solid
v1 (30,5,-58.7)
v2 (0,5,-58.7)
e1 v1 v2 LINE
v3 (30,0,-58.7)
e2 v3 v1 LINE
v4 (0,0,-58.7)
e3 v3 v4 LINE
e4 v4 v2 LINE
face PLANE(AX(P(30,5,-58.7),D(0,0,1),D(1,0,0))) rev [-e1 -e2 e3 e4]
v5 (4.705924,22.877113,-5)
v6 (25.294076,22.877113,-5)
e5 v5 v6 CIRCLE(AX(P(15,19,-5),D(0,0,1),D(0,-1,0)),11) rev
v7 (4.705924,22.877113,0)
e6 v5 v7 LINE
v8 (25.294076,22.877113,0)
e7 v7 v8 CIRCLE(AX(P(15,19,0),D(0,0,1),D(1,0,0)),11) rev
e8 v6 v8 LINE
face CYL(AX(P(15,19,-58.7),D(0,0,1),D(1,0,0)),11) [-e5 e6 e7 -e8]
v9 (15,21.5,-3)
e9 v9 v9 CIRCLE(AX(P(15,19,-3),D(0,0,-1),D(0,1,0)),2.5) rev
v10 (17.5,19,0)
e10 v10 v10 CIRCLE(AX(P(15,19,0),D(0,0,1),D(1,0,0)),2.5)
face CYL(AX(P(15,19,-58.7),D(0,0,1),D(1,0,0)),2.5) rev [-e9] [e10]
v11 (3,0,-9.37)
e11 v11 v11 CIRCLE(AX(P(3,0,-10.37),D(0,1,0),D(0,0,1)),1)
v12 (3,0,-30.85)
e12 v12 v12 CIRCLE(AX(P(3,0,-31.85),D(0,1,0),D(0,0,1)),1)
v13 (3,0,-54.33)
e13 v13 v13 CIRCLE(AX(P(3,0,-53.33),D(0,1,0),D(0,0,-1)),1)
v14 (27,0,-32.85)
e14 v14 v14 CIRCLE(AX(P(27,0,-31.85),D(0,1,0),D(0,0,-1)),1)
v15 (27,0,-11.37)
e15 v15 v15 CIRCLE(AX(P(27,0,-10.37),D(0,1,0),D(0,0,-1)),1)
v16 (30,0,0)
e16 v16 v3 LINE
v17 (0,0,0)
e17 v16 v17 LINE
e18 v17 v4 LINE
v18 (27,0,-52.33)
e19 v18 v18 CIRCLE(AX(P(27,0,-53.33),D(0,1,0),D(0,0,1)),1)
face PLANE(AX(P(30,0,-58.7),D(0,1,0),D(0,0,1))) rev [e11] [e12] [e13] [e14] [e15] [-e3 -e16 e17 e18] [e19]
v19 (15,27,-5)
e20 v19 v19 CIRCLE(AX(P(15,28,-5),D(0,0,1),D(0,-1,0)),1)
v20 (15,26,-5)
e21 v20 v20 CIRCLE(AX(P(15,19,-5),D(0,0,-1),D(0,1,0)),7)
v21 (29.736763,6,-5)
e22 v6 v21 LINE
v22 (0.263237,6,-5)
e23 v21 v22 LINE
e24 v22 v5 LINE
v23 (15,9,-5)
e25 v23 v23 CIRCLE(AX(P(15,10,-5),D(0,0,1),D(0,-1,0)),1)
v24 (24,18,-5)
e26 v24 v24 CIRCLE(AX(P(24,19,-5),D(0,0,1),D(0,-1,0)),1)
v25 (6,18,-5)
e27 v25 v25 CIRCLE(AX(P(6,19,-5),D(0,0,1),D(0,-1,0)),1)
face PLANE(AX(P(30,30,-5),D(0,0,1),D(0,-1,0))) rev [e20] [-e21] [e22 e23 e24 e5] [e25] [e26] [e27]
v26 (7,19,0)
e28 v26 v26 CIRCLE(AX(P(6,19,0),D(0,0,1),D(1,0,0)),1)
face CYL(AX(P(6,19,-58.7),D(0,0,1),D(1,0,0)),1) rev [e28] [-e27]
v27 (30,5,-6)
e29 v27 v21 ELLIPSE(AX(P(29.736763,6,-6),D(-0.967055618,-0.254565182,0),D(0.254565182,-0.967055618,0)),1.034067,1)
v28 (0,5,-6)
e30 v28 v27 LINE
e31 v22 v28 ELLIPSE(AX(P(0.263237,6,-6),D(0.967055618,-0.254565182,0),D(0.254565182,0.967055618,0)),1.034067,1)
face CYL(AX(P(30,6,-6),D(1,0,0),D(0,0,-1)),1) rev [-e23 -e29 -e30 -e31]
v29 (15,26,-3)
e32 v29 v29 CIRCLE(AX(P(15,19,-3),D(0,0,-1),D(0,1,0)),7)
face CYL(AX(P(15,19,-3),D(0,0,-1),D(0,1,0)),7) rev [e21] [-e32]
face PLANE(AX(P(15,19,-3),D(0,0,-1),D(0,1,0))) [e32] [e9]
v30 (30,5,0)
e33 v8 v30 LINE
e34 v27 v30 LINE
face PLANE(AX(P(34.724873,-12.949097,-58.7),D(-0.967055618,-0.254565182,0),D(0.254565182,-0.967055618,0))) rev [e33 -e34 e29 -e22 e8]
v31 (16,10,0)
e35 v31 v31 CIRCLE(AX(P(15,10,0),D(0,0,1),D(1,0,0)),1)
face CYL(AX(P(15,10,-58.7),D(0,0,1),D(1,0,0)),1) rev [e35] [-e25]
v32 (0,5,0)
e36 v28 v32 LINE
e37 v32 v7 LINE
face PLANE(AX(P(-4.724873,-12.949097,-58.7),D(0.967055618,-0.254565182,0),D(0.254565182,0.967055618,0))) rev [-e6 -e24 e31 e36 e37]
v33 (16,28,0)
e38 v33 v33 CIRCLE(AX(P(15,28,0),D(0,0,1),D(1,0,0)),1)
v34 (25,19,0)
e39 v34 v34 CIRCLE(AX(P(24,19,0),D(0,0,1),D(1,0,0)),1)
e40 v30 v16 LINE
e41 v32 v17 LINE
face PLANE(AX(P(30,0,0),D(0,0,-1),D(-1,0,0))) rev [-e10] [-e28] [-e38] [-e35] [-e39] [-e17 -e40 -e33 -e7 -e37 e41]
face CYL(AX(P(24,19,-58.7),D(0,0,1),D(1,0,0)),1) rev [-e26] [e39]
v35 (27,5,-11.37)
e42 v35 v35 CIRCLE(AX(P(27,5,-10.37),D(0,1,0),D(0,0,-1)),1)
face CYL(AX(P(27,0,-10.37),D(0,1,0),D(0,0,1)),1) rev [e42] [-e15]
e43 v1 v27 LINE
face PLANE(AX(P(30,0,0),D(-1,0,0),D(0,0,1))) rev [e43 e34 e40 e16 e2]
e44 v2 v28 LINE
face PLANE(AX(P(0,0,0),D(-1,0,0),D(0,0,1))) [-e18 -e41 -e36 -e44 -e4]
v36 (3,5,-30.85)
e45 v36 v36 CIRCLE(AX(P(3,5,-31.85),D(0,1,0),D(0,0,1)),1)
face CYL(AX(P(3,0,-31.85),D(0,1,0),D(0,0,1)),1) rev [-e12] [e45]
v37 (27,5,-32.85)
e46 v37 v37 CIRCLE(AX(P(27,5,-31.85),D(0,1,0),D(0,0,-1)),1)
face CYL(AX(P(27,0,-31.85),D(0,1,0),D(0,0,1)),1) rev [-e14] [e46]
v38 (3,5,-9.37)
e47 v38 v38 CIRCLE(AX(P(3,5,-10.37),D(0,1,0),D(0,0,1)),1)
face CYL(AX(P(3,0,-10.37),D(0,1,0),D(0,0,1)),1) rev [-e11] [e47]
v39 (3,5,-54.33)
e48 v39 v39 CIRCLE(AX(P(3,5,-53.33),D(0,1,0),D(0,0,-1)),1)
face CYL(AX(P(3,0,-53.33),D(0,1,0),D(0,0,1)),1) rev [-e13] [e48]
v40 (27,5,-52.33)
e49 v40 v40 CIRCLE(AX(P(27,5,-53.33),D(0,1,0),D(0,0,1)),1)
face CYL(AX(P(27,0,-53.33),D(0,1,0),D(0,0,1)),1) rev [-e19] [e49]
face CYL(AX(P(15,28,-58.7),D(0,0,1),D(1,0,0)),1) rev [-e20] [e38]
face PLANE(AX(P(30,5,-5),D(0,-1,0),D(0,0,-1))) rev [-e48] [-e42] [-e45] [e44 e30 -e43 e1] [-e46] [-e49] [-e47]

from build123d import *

# Parameters (mm, degrees)
BOSS_EXTRU_1_DEPTH      = 30
ESQUISSE2_R             = 2.5
ESQUISSE2_R_2           = 1
ENL_V_MAT_EXTRU_1_DEPTH = 73.427135799
ESQUISSE3_R             = 7
ENL_V_MAT_EXTRU_2_DEPTH = 2
ESQUISSE4_R             = 1
ENL_V_MAT_EXTRU_3_DEPTH = 71.503120498
CONG_2_R                = 1


with BuildPart() as part:
    # Esquisse1 → Boss.-Extru.1 (new body)
    with BuildSketch(Plane(origin=(0, 0, 0), x_dir=(0, 0, -1), z_dir=(1, 0, 0))):
        Polygon((0, 0), (0, 30), (5, 30), (5, 5), (58.7, 5), (58.7, 0), align=None)
    extrude(amount=BOSS_EXTRU_1_DEPTH)

    # Esquisse2 → Enlèv. mat.-Extru.1 (cut, through all)
    with BuildSketch(Plane.XY):
        with BuildLine():
            Line((0, 30), (0, 5))
            Line((0, 5), (4.705924288, 22.877113002))
            ThreePointArc((4.705924288, 22.877113002), (8.740936293, 28.04566866), (15, 30))
            Line((15, 30), (0, 30))
        make_face()
        with BuildLine():
            Line((30, 30), (15, 30))
            ThreePointArc((15, 30), (21.259063707, 28.04566866), (25.294075712, 22.877113002))
            Line((25.294075712, 22.877113002), (30, 5))
            Line((30, 5), (30, 30))
        make_face()
        with Locations((15, 19)):
            Circle(ESQUISSE2_R)
        with Locations((15, 28)):
            Circle(ESQUISSE2_R_2)
        with Locations((24, 19)):
            Circle(ESQUISSE2_R_2)
        with Locations((15, 10)):
            Circle(ESQUISSE2_R_2)
        with Locations((6, 19)):
            Circle(ESQUISSE2_R_2)
    extrude(amount=-ENL_V_MAT_EXTRU_1_DEPTH, mode=Mode.SUBTRACT)

    # Esquisse3 → Enlèv. mat.-Extru.2 (cut)
    with BuildSketch(Plane(origin=(0, 0, -5), x_dir=(-1, 0, 0), z_dir=(0, 0, -1))):
        with Locations((-15, 19)):
            Circle(ESQUISSE3_R)
    extrude(amount=-ENL_V_MAT_EXTRU_2_DEPTH, mode=Mode.SUBTRACT)

    # Esquisse4 → Enlèv. mat.-Extru.3 (cut, through all)
    with BuildSketch(Plane(origin=(0, 5, 0), x_dir=(1, 0, 0), z_dir=(0, 1, 0))):
        with Locations((3, 10.37)):
            Circle(ESQUISSE4_R)
        with Locations((27, 10.37)):
            Circle(ESQUISSE4_R)
        with Locations((27, 53.33)):
            Circle(ESQUISSE4_R)
        with Locations((3, 53.33)):
            Circle(ESQUISSE4_R)
        with Locations((3, 31.85)):
            Circle(ESQUISSE4_R)
        with Locations((27, 31.85)):
            Circle(ESQUISSE4_R)
    extrude(amount=-ENL_V_MAT_EXTRU_3_DEPTH, mode=Mode.SUBTRACT)

    # Congé2
    cong_2_edges = [part.edges().sort_by_distance(p)[0] for p in [
        (15, 5, -5),
    ]]
    fillet(cong_2_edges, radius=CONG_2_R)


solid = part.part
